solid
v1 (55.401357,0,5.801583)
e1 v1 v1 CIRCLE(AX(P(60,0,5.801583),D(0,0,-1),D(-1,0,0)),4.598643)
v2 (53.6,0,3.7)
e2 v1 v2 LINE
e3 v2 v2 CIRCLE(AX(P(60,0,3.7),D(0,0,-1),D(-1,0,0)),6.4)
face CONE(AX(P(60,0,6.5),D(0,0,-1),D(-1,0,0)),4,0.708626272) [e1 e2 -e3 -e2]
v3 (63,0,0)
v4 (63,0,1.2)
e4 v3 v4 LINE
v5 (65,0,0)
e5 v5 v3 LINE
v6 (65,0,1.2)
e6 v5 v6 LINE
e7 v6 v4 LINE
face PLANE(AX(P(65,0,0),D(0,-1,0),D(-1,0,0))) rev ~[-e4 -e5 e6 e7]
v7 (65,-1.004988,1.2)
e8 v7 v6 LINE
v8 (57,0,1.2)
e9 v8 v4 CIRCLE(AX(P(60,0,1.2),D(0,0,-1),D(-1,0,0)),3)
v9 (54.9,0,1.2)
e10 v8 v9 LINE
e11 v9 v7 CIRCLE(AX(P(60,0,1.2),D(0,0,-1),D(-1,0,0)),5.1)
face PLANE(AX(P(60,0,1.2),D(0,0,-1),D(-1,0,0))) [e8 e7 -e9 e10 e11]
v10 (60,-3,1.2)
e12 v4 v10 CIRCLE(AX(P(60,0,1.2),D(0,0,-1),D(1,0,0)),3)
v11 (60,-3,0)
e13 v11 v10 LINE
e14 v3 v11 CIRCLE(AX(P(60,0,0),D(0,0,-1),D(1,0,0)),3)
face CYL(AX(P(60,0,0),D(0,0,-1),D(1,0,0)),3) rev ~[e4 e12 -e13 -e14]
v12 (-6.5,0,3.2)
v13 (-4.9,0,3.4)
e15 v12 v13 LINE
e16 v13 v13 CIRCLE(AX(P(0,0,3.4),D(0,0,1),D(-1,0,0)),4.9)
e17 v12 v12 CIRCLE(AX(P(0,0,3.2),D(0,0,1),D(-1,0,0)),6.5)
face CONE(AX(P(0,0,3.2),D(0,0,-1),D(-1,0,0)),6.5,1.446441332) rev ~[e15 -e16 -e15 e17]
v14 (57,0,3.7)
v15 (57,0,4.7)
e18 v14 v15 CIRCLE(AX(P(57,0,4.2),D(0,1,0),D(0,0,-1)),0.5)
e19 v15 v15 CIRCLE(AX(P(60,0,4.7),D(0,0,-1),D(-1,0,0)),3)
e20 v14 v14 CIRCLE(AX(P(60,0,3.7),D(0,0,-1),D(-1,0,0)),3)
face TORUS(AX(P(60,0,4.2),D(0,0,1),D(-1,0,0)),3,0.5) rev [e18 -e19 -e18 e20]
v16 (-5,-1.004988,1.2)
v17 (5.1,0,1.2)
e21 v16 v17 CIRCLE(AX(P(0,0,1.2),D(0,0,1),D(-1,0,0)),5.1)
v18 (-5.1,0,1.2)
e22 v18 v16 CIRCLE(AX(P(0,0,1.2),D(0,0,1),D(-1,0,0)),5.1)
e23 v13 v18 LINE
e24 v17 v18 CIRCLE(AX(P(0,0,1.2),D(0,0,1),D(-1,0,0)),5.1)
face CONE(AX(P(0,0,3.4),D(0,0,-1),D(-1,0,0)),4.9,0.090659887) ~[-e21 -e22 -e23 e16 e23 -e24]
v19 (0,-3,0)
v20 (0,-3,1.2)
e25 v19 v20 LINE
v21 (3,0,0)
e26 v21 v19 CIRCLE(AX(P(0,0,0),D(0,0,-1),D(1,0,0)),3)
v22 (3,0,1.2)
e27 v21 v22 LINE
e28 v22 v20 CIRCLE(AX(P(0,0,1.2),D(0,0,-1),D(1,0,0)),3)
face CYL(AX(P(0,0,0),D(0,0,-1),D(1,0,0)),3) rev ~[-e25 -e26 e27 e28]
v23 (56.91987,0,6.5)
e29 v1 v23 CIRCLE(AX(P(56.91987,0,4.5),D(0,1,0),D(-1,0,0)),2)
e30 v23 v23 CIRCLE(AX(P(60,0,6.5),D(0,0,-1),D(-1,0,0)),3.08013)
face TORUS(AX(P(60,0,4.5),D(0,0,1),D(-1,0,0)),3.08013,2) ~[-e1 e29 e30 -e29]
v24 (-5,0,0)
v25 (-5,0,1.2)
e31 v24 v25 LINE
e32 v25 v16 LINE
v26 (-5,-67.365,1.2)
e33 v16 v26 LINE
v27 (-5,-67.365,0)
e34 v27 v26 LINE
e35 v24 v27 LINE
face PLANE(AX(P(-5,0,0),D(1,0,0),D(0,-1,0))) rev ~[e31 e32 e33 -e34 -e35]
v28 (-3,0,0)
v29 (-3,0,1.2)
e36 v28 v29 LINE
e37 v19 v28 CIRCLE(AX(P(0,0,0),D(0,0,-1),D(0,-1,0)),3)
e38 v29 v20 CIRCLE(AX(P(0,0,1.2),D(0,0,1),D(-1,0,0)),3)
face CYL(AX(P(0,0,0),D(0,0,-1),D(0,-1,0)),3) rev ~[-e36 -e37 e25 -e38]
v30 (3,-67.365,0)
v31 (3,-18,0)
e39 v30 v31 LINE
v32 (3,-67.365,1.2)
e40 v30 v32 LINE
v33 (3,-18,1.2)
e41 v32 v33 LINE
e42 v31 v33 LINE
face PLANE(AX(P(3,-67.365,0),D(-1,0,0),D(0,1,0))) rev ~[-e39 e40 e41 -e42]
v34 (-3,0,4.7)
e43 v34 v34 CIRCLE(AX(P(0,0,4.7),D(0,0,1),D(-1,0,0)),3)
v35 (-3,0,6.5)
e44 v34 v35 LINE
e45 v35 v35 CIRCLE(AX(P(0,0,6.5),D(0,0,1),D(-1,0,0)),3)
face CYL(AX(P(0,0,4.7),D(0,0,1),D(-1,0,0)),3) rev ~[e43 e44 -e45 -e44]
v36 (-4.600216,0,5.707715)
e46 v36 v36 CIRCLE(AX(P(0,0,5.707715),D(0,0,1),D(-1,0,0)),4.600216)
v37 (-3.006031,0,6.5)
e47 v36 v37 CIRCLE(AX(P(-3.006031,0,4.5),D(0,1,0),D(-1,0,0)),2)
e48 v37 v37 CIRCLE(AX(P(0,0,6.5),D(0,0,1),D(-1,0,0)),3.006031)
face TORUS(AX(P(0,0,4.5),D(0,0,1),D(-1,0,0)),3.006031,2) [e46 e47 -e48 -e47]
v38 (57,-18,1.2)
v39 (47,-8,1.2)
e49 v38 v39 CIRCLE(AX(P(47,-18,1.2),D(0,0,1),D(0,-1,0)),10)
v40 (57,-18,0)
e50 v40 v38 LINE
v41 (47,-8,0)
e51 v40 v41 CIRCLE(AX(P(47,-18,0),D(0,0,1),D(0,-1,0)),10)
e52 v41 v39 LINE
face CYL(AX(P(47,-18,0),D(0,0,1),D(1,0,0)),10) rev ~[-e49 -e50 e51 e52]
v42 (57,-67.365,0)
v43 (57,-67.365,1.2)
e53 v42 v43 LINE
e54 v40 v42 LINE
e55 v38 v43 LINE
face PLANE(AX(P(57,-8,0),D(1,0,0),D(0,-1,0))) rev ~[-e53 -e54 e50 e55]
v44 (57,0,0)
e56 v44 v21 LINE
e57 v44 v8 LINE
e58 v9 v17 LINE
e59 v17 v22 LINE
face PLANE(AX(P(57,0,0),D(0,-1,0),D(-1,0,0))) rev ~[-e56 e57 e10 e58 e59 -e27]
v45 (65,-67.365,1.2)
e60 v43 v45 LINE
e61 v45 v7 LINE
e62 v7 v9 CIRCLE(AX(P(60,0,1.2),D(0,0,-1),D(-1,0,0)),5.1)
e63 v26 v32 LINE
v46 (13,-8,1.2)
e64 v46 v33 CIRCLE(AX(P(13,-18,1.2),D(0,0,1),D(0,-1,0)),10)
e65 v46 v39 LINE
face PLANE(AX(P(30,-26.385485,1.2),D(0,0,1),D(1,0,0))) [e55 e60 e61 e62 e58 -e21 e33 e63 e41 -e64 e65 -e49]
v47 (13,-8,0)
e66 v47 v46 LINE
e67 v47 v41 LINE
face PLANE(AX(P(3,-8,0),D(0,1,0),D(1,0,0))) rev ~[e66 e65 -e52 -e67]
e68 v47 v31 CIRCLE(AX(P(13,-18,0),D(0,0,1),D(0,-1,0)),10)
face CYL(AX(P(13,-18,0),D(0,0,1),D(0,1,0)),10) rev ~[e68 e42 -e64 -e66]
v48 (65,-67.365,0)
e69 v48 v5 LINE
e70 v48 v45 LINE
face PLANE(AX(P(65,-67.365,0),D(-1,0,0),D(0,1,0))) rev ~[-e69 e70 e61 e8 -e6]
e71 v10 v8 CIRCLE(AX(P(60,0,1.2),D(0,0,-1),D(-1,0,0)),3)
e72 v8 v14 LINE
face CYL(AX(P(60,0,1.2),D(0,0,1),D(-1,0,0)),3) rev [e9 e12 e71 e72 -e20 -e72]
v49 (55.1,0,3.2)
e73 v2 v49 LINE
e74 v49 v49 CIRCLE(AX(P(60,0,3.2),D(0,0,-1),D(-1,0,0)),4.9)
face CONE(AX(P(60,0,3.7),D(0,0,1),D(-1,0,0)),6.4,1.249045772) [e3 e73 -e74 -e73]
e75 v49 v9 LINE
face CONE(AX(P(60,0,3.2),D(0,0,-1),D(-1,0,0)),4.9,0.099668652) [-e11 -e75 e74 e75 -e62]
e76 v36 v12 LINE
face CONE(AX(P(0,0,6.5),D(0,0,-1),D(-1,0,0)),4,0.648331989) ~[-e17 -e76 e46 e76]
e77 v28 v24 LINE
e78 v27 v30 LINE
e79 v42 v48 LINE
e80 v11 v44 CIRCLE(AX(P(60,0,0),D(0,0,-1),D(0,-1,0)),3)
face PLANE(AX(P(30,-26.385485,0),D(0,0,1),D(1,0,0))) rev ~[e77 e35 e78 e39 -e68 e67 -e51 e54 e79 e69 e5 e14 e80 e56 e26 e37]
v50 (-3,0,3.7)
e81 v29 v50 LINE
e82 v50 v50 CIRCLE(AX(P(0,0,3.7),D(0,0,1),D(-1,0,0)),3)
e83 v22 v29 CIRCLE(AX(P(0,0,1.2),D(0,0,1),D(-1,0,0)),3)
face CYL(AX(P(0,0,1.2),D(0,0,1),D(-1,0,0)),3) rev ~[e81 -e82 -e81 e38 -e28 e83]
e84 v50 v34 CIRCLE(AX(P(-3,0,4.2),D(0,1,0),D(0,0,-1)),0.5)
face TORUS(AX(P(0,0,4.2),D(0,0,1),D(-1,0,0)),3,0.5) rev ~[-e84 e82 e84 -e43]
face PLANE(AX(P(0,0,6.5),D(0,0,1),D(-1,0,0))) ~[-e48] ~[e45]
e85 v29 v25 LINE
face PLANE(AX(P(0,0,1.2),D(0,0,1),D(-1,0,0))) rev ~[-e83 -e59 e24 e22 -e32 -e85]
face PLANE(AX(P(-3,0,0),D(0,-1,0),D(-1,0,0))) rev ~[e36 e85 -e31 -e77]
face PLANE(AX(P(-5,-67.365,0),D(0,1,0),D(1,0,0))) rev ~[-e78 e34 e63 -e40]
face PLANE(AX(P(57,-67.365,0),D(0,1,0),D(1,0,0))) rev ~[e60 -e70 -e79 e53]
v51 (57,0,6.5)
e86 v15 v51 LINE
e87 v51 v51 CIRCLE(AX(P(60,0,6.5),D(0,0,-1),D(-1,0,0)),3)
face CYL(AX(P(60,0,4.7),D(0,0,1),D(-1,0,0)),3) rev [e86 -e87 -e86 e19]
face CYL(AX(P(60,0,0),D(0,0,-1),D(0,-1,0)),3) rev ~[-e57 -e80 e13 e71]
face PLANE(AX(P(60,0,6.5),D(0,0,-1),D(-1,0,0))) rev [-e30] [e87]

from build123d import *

# Parameters (mm, degrees)
F5_DEPTH = 1.2
F6_R     = 2
F7_R     = 2
F8_R     = 10


with BuildPart() as f1:
    # F0 (on Front) → F1 (revolve)
    with BuildSketch(Plane.XZ):
        with BuildLine():
            Line((-3, 4.7), (-3, 6.5))
            Line((-3, 6.5), (-4, 6.5))
            Line((-4, 6.5), (-6.5, 3.2))
            Line((-6.5, 3.2), (-4.9, 3.4))
            Line((-4.9, 3.4), (-5.1, 1.2))
            Line((-5.1, 1.2), (-3, 1.2))
            Line((-3, 1.2), (-3, 3.7))
            ThreePointArc((-3, 3.7), (-3.5, 4.2), (-3, 4.7))
        make_face()
    revolve(axis=Axis((0, 0, 2.8096139431), (0, 0, 1)))



with BuildPart() as f3:
    # F2 (on Front) → F3 (revolve)
    with BuildSketch(Plane.XZ):
        with BuildLine():
            Line((54.9, 1.2), (57, 1.2))
            Line((57, 1.2), (57, 3.7))
            ThreePointArc((57, 3.7), (56.5, 4.2), (57, 4.7))
            Line((57, 4.7), (57, 6.5))
            Line((57, 6.5), (56, 6.5))
            Line((56, 6.5), (53.6, 3.7))
            Line((53.6, 3.7), (55.1, 3.2))
            Line((55.1, 3.2), (54.9, 1.2))
        make_face()
    revolve(axis=Axis((60, 0, -5.4624276236), (0, 0, -1)))


with BuildPart() as f1_1:
    add(f1.part)

    add(f3.part)  # F5 merges F3
    # F4 (on Top) → F5 (join)
    with BuildSketch(Plane.XY):
        with BuildLine():
            Line((-5, 0), (-5, -8))
            Line((-5, -8), (-5, -67.365))
            Line((-5, -67.365), (3, -67.365))
            Line((3, -67.365), (3, -8))
            Line((3, -8), (57, -8))
            Line((57, -8), (57, -67.365))
            Line((57, -67.365), (65, -67.365))
            Line((65, -67.365), (65, -8))
            Line((65, -8), (65, 0))
            Line((65, 0), (63, 0))
            ThreePointArc((63, 0), (62.1213203436, -2.1213203436), (60, -3))
            ThreePointArc((60, -3), (57.8786796564, -2.1213203436), (57, 0))
            Line((57, 0), (3, 0))
            ThreePointArc((3, 0), (2.1213203436, -2.1213203436), (0, -3))
            ThreePointArc((0, -3), (-2.1213203436, -2.1213203436), (-3, 0))
            Line((-3, 0), (-5, 0))
        make_face()
    extrude(amount=F5_DEPTH)

    # F6
    f6_edges = [f1_1.edges().sort_by_distance(p)[0] for p in [
        (64, 0, 6.5),
    ]]
    fillet(f6_edges, radius=F6_R)

    # F7
    f7_edges = [f1_1.edges().sort_by_distance(p)[0] for p in [
        (4, 0, 6.5),
    ]]
    fillet(f7_edges, radius=F7_R)

    # F8
    f8_edges = [f1_1.edges().sort_by_distance(p)[0] for p in [
        (3, -8, 0.6),
        (57, -8, 0.6),
    ]]
    fillet(f8_edges, radius=F8_R)


solid = f1_1.part
